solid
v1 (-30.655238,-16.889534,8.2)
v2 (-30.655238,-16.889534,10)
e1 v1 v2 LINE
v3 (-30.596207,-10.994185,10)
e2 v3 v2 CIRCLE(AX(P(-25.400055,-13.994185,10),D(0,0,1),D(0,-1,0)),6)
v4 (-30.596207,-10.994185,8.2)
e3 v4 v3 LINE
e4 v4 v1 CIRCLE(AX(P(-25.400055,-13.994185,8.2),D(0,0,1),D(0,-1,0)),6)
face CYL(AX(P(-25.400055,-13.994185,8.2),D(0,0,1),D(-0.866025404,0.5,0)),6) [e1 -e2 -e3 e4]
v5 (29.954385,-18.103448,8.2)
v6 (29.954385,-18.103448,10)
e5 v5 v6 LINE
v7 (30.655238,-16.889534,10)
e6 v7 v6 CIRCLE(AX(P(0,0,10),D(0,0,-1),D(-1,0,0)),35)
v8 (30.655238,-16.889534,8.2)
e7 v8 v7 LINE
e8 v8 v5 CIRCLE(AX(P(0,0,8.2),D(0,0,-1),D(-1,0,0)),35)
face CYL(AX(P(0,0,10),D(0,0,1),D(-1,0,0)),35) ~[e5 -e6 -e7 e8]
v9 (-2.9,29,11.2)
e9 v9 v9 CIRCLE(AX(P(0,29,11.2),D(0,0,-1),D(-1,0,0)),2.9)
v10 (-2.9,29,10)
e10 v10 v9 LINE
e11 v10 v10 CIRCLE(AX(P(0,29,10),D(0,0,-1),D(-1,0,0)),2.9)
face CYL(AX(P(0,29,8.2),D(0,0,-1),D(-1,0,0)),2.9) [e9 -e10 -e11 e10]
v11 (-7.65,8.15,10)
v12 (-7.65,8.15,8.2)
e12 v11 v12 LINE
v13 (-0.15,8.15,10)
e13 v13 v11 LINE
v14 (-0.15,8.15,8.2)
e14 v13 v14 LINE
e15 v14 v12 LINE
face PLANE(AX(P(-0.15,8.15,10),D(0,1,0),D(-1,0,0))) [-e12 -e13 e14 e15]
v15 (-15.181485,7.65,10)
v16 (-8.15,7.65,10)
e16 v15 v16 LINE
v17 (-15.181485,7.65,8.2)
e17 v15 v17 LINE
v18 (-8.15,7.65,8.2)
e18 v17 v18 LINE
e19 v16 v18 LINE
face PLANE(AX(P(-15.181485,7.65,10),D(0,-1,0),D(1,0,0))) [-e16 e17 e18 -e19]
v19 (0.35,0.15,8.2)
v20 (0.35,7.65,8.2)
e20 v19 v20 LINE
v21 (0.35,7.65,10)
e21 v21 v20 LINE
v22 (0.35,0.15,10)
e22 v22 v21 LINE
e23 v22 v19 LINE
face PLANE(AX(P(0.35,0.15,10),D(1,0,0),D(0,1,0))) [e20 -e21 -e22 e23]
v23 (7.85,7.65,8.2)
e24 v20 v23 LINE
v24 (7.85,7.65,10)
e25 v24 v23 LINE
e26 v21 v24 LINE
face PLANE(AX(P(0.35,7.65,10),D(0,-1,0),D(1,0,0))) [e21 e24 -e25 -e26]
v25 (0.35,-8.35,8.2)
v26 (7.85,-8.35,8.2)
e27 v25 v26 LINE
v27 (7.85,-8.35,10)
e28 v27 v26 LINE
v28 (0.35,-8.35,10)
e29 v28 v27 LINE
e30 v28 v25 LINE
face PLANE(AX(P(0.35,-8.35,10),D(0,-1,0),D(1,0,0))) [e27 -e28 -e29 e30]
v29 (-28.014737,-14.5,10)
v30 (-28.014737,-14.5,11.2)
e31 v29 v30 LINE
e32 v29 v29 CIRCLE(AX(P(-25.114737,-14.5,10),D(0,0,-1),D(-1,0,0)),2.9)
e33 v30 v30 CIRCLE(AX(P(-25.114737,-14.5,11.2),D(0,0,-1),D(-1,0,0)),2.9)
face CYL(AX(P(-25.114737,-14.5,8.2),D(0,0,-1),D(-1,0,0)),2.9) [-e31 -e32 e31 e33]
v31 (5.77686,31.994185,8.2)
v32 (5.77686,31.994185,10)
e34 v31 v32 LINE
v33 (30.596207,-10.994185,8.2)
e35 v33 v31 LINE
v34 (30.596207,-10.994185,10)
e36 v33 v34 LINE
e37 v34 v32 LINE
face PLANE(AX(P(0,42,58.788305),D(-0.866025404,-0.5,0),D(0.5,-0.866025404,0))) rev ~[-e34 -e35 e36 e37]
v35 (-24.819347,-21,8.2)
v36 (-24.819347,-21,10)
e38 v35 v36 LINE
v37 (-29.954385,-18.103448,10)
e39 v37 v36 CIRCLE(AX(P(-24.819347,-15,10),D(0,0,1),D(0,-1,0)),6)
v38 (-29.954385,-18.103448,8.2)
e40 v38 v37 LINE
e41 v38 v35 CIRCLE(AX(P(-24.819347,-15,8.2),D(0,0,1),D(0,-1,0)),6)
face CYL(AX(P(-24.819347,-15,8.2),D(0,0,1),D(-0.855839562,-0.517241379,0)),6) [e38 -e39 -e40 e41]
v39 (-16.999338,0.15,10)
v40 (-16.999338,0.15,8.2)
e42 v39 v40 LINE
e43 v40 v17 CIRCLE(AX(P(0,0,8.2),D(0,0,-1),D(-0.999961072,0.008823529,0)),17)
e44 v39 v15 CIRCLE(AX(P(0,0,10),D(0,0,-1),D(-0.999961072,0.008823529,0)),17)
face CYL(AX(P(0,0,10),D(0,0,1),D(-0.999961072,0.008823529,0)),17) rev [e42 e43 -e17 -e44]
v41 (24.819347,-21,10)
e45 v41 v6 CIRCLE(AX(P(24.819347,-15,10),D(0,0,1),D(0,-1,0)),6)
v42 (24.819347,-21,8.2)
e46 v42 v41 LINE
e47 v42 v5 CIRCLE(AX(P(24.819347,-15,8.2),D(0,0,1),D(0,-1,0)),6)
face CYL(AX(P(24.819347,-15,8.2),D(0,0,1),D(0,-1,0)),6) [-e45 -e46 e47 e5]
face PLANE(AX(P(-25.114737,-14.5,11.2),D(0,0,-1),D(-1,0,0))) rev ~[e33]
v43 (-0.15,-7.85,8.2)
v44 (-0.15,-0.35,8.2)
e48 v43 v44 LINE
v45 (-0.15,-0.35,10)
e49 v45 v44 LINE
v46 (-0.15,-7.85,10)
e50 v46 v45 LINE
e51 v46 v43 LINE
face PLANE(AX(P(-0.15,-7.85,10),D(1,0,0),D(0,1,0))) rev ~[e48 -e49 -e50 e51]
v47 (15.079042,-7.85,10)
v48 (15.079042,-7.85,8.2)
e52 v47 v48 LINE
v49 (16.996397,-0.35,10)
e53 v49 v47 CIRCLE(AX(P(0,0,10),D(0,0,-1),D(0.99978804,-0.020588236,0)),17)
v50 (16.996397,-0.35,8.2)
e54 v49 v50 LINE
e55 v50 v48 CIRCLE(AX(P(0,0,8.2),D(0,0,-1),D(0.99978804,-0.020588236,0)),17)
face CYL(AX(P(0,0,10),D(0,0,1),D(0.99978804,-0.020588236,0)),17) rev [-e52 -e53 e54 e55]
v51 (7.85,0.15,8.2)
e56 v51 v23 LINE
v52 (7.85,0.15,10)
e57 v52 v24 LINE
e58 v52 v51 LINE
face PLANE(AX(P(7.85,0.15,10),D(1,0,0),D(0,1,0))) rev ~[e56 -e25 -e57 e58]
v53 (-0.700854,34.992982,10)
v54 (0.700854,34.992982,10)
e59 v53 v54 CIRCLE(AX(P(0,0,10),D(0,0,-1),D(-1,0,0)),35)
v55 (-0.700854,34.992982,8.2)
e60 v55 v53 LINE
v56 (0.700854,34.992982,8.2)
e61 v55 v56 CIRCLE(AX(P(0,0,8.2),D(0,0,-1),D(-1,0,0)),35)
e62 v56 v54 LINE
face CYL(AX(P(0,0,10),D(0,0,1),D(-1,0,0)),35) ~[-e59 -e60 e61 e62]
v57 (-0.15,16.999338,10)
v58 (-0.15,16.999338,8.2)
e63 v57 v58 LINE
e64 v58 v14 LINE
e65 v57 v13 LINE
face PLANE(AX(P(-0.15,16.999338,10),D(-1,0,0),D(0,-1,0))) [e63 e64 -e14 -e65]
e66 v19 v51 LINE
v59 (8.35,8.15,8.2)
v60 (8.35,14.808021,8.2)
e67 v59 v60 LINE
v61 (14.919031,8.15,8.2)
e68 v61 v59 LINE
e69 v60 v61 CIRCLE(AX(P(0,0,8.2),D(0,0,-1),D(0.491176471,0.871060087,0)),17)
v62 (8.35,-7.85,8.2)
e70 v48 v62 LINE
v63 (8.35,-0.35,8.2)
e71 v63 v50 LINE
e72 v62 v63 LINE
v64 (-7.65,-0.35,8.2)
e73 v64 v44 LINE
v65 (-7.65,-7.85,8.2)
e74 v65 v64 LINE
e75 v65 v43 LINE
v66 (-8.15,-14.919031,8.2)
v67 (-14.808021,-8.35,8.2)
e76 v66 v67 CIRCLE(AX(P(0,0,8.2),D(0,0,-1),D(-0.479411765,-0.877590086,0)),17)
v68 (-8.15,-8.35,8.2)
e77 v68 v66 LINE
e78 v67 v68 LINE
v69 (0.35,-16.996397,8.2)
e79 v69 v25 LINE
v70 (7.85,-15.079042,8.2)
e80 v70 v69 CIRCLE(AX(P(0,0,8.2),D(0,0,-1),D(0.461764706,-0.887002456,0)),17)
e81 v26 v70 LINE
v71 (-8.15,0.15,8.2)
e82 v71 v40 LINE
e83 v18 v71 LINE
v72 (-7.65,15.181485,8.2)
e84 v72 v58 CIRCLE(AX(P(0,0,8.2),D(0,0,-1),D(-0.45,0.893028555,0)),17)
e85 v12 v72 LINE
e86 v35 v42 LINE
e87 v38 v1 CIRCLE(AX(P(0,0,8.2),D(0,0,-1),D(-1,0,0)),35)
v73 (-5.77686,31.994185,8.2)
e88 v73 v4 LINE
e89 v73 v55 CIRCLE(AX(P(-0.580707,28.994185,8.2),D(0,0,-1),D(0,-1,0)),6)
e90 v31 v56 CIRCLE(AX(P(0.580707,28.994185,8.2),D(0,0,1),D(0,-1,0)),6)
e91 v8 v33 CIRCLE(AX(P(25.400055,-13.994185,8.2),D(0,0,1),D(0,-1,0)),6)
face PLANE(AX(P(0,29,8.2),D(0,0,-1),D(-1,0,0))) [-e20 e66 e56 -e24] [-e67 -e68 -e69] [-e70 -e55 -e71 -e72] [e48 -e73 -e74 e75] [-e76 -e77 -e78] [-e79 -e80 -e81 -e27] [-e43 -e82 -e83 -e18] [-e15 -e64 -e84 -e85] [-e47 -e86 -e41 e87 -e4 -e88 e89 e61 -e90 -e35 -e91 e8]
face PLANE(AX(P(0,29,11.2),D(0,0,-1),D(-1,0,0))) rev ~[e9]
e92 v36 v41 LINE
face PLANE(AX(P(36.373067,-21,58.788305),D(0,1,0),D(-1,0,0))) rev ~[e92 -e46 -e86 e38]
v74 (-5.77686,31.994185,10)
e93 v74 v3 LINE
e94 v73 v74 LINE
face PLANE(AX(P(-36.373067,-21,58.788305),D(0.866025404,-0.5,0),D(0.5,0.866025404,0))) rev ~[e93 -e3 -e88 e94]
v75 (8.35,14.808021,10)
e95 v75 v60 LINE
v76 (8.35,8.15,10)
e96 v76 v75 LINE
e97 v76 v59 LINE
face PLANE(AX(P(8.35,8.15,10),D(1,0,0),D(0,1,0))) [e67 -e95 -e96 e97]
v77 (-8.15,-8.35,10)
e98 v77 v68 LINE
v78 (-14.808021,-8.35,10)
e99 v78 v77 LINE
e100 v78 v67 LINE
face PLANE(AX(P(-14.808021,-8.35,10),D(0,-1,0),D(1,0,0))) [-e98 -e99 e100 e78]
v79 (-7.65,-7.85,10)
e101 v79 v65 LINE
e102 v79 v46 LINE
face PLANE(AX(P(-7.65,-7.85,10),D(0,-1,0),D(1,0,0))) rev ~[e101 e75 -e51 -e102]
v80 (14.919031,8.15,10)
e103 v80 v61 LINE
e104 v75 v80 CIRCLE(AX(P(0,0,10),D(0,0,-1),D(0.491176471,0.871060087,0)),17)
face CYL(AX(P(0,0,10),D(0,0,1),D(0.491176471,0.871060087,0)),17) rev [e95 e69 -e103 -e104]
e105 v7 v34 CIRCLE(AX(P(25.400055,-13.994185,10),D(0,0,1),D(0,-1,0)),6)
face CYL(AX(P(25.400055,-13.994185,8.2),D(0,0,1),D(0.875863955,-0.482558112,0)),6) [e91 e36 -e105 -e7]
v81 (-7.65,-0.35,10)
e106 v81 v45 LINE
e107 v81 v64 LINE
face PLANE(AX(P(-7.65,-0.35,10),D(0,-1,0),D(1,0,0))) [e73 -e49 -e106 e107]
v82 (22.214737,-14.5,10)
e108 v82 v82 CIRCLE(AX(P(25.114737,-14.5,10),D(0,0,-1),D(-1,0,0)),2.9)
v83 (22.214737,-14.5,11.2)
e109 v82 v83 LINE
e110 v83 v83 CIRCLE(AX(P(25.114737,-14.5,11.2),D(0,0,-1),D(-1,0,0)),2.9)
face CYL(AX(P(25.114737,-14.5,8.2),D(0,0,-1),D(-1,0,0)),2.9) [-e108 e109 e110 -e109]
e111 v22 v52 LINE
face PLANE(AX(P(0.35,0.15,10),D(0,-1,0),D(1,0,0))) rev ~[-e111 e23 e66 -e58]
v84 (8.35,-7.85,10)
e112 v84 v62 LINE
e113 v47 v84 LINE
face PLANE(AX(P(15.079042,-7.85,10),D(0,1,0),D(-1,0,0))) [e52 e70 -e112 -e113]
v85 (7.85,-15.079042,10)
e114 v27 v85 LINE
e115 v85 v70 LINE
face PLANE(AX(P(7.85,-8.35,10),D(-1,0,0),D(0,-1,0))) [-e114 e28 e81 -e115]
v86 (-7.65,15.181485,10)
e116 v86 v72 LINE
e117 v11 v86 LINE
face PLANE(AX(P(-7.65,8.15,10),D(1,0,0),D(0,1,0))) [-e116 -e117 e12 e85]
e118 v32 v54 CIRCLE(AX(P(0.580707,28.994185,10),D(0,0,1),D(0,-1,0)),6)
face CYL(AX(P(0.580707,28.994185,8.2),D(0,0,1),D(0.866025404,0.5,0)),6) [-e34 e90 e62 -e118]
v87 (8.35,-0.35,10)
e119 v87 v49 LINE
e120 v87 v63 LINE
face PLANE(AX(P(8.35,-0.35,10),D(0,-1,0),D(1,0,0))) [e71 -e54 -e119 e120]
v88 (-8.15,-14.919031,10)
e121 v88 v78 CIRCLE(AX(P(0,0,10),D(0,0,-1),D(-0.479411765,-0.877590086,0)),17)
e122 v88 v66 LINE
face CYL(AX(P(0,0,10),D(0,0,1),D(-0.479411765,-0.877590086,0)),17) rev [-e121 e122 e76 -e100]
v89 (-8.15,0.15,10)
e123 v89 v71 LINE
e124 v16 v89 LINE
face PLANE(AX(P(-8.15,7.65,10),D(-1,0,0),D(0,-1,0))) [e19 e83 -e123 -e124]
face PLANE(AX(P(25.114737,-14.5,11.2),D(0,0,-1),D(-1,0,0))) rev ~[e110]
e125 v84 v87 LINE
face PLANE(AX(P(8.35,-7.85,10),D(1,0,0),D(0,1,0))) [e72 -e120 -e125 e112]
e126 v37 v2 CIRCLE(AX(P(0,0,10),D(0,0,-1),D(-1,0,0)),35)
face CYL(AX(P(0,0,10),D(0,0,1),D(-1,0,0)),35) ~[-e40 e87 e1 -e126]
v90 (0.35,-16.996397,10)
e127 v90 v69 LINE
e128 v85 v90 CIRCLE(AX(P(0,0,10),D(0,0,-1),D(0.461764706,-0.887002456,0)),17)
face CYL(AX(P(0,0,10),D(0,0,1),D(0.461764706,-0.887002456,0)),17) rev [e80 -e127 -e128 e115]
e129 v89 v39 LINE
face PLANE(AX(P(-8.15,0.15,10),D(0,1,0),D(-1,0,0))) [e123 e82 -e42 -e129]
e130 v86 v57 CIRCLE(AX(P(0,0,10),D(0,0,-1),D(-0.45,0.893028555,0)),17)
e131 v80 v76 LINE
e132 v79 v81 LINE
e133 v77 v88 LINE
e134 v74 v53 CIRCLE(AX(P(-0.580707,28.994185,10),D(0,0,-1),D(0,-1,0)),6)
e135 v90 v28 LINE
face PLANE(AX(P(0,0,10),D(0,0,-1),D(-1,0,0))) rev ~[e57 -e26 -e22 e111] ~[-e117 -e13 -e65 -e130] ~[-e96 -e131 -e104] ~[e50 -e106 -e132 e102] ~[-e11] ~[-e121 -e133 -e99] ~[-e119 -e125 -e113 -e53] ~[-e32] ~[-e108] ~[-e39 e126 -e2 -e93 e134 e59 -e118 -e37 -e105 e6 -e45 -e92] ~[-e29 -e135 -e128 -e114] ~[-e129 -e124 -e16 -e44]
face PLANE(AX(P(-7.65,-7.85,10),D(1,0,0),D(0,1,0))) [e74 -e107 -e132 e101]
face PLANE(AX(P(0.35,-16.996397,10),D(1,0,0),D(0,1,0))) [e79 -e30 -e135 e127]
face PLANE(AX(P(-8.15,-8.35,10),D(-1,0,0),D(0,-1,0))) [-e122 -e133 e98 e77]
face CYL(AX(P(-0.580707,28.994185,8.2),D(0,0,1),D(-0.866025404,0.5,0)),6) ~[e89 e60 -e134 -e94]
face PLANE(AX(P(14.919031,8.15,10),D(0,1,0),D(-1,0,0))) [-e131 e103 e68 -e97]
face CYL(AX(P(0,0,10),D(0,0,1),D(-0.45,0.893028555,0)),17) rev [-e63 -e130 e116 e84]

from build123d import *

# Parameters (mm, degrees)
SKETCH2_R               = 18
SKETCH2_W               = 7.5
SKETCH2_H               = 7.5
BOSS_EXTRUDE1_DEPTH     = 1.8
BOSS_EXTRUDE10_START    = 1.8
SKETCH18_W              = 7.7
SKETCH18_H              = 7.7
BOSS_EXTRUDE10_DEPTH    = 1.8
BOSS_EXTRUDE2_START     = -1.8
SKETCH3_R               = 35
SKETCH3_R_2             = 18
BOSS_EXTRUDE2_DEPTH     = 1.8
SKETCH4_R               = 2.9
BOSS_EXTRUDE3_DEPTH     = 3
CUT_EXTRUDE1_DEPTH      = 50.588305073
CUT_EXTRUDE1_DEPTH_BACK = 50.588305073
SKETCH7_R               = 59.131365533
FILLET1_R               = 6


with BuildPart() as part:
    # Sketch2 → Boss-Extrude1 (new body)
    with BuildSketch(Plane.XY.offset(10)):
        Circle(SKETCH2_R)
        with BuildLine():
            Line((-8.15, -8.35), (-8.15, -14.91903147))
            ThreePointArc((-8.15, -14.91903147), (-11.939670478, -12.101415986), (-14.808021475, -8.35))
            Line((-14.808021475, -8.35), (-8.15, -8.35))
        make_face(mode=Mode.SUBTRACT)
        with BuildLine():
            Line((-8.15, -7.85), (-15.079041747, -7.85))
            ThreePointArc((-15.079041747, -7.85), (-16.470304718, -4.210589327), (-16.996396677, -0.35))
            Line((-16.996396677, -0.35), (-8.15, -0.35))
            Line((-8.15, -0.35), (-8.15, -7.85))
        make_face(mode=Mode.SUBTRACT)
        with BuildLine():
            Line((-8.15, 0.15), (-16.999338222, 0.15))
            ThreePointArc((-16.999338222, 0.15), (-16.521617742, 4.00451585), (-15.181485435, 7.65))
            Line((-15.181485435, 7.65), (-8.15, 7.65))
            Line((-8.15, 7.65), (-8.15, 0.15))
        make_face(mode=Mode.SUBTRACT)
        with BuildLine():
            Line((-8.15, 8.15), (-14.91903147, 8.15))
            ThreePointArc((-14.91903147, 8.15), (-12.02081528, 12.02081528), (-8.15, 14.91903147))
            Line((-8.15, 14.91903147), (-8.15, 8.15))
        make_face(mode=Mode.SUBTRACT)
        with BuildLine():
            Line((-7.65, 8.15), (-7.65, 15.181485435))
            ThreePointArc((-7.65, 15.181485435), (-4.00451585, 16.521617742), (-0.15, 16.999338222))
            Line((-0.15, 16.999338222), (-0.15, 8.15))
            Line((-0.15, 8.15), (-7.65, 8.15))
        make_face(mode=Mode.SUBTRACT)
        with BuildLine():
            Line((0.35, 8.15), (0.35, 16.996396677))
            ThreePointArc((0.35, 16.996396677), (4.210589327, 16.470304718), (7.85, 15.079041747))
            Line((7.85, 15.079041747), (7.85, 8.15))
            Line((7.85, 8.15), (0.35, 8.15))
        make_face(mode=Mode.SUBTRACT)
        with BuildLine():
            Line((8.35, 8.15), (8.35, 14.808021475))
            ThreePointArc((8.35, 14.808021475), (12.101415986, 11.939670478), (14.91903147, 8.15))
            Line((14.91903147, 8.15), (8.35, 8.15))
        make_face(mode=Mode.SUBTRACT)
        with BuildLine():
            Line((8.35, 7.65), (15.181485435, 7.65))
            ThreePointArc((15.181485435, 7.65), (16.521617742, 4.00451585), (16.999338222, 0.15))
            Line((16.999338222, 0.15), (8.35, 0.15))
            Line((8.35, 0.15), (8.35, 7.65))
        make_face(mode=Mode.SUBTRACT)
        with BuildLine():
            Line((8.35, -0.35), (16.996396677, -0.35))
            ThreePointArc((16.996396677, -0.35), (16.470304718, -4.210589327), (15.079041747, -7.85))
            Line((15.079041747, -7.85), (8.35, -7.85))
            Line((8.35, -7.85), (8.35, -0.35))
        make_face(mode=Mode.SUBTRACT)
        with BuildLine():
            Line((8.35, -8.35), (14.808021475, -8.35))
            ThreePointArc((14.808021475, -8.35), (12.02081528, -12.02081528), (8.35, -14.808021475))
            Line((8.35, -14.808021475), (8.35, -8.35))
        make_face(mode=Mode.SUBTRACT)
        with BuildLine():
            Line((7.85, -8.35), (7.85, -15.079041747))
            ThreePointArc((7.85, -15.079041747), (4.210589327, -16.470304718), (0.35, -16.996396677))
            Line((0.35, -16.996396677), (0.35, -8.35))
            Line((0.35, -8.35), (7.85, -8.35))
        make_face(mode=Mode.SUBTRACT)
        with BuildLine():
            Line((-0.15, -8.35), (-0.15, -16.999338222))
            ThreePointArc((-0.15, -16.999338222), (-4.00451585, -16.521617742), (-7.65, -15.181485435))
            Line((-7.65, -15.181485435), (-7.65, -8.35))
            Line((-7.65, -8.35), (-0.15, -8.35))
        make_face(mode=Mode.SUBTRACT)
        with Locations((-3.9, -4.1)):
            Rectangle(SKETCH2_W, SKETCH2_H, mode=Mode.SUBTRACT)
        with Locations((4.1, -4.1)):
            Rectangle(SKETCH2_W, SKETCH2_H, mode=Mode.SUBTRACT)
        with Locations((-3.9, 3.9)):
            Rectangle(SKETCH2_W, SKETCH2_H, mode=Mode.SUBTRACT)
        with Locations((4.1, 3.9)):
            Rectangle(SKETCH2_W, SKETCH2_H, mode=Mode.SUBTRACT)
    extrude(amount=-BOSS_EXTRUDE1_DEPTH)

    # Sketch18 → Boss-Extrude10 (add)
    with BuildSketch(Plane.XY.offset(8.2).offset(BOSS_EXTRUDE10_START)):
        with BuildLine():
            ThreePointArc((7.85, 15.079041747), (4.11362184, 16.494790552), (0.15, 16.999338222))
            Line((0.15, 16.999338222), (0.15, 8.15))
            Line((0.15, 8.15), (7.85, 8.15))
            Line((7.85, 8.15), (7.85, 15.079041747))
        make_face()
        with BuildLine():
            Line((8.15, 0.15), (16.999338222, 0.15))
            ThreePointArc((16.999338222, 0.15), (16.494790552, 4.11362184), (15.079041747, 7.85))
            Line((15.079041747, 7.85), (8.15, 7.85))
            Line((8.15, 7.85), (8.15, 0.15))
        make_face()
        with Locations((-4, 4)):
            Rectangle(SKETCH18_W, SKETCH18_H)
        with Locations((4, -4)):
            Rectangle(SKETCH18_W, SKETCH18_H)
        with BuildLine():
            Line((8.15, -8.15), (8.15, -14.91903147))
            ThreePointArc((8.15, -14.91903147), (12.02081528, -12.02081528), (14.91903147, -8.15))
            Line((14.91903147, -8.15), (8.15, -8.15))
        make_face()
        with BuildLine():
            Line((-7.85, -8.15), (-7.85, -15.079041747))
            ThreePointArc((-7.85, -15.079041747), (-4.11362184, -16.494790552), (-0.15, -16.999338222))
            Line((-0.15, -16.999338222), (-0.15, -8.15))
            Line((-0.15, -8.15), (-7.85, -8.15))
        make_face()
        with BuildLine():
            ThreePointArc((-16.999338222, -0.15), (-16.494790552, -4.11362184), (-15.079041747, -7.85))
            Line((-15.079041747, -7.85), (-8.15, -7.85))
            Line((-8.15, -7.85), (-8.15, -0.15))
            Line((-8.15, -0.15), (-16.999338222, -0.15))
        make_face()
        with BuildLine():
            ThreePointArc((-8.15, 14.91903147), (-12.02081528, 12.02081528), (-14.91903147, 8.15))
            Line((-14.91903147, 8.15), (-8.15, 8.15))
            Line((-8.15, 8.15), (-8.15, 14.91903147))
        make_face()
    extrude(amount=-BOSS_EXTRUDE10_DEPTH)

    # Sketch3 → Boss-Extrude2 (add)
    with BuildSketch(Plane(origin=(0, 0, 8.2), x_dir=(-1, 0, 0), z_dir=(0, 0, -1)).offset(BOSS_EXTRUDE2_START)):
        Circle(SKETCH3_R)
        Circle(SKETCH3_R_2, mode=Mode.SUBTRACT)
    extrude(amount=BOSS_EXTRUDE2_DEPTH)

    # Sketch4 → Boss-Extrude3 (add)
    with BuildSketch(Plane(origin=(0, 0, 8.2), x_dir=(-1, 0, 0), z_dir=(0, 0, -1))):
        with Locations((0, 29)):
            Circle(SKETCH4_R)
        with Locations((25.11473671, -14.5)):
            Circle(SKETCH4_R)
        with Locations((-25.11473671, -14.5)):
            Circle(SKETCH4_R)
    extrude(amount=-BOSS_EXTRUDE3_DEPTH)

    # Sketch7 → Cut-Extrude1 (cut, two sides: drawn at the far end of the back side and taken through both)
    with BuildSketch(Plane(origin=(0, 0, 8.2), x_dir=(-1, 0, 0), z_dir=(0, 0, -1)).offset(-CUT_EXTRUDE1_DEPTH_BACK)):
        Circle(SKETCH7_R)
        Polygon((0, 42), (-36.373066959, -21), (36.373066959, -21), align=None, mode=Mode.SUBTRACT)
    extrude(amount=CUT_EXTRUDE1_DEPTH + CUT_EXTRUDE1_DEPTH_BACK, mode=Mode.SUBTRACT)

    # Fillet1
    fillet1_edges = [part.edges().sort_by_distance(p)[0] for p in [
        (4.186533479, 34.748711306, 9.1),
        (32.186533479, -13.748711306, 9.1),
        (28, -21, 9.1),
        (-28, -21, 9.1),
        (-32.186533479, -13.748711306, 9.1),
        (-4.186533479, 34.748711306, 9.1),
    ]]
    fillet(fillet1_edges, radius=FILLET1_R)


solid = part.part
